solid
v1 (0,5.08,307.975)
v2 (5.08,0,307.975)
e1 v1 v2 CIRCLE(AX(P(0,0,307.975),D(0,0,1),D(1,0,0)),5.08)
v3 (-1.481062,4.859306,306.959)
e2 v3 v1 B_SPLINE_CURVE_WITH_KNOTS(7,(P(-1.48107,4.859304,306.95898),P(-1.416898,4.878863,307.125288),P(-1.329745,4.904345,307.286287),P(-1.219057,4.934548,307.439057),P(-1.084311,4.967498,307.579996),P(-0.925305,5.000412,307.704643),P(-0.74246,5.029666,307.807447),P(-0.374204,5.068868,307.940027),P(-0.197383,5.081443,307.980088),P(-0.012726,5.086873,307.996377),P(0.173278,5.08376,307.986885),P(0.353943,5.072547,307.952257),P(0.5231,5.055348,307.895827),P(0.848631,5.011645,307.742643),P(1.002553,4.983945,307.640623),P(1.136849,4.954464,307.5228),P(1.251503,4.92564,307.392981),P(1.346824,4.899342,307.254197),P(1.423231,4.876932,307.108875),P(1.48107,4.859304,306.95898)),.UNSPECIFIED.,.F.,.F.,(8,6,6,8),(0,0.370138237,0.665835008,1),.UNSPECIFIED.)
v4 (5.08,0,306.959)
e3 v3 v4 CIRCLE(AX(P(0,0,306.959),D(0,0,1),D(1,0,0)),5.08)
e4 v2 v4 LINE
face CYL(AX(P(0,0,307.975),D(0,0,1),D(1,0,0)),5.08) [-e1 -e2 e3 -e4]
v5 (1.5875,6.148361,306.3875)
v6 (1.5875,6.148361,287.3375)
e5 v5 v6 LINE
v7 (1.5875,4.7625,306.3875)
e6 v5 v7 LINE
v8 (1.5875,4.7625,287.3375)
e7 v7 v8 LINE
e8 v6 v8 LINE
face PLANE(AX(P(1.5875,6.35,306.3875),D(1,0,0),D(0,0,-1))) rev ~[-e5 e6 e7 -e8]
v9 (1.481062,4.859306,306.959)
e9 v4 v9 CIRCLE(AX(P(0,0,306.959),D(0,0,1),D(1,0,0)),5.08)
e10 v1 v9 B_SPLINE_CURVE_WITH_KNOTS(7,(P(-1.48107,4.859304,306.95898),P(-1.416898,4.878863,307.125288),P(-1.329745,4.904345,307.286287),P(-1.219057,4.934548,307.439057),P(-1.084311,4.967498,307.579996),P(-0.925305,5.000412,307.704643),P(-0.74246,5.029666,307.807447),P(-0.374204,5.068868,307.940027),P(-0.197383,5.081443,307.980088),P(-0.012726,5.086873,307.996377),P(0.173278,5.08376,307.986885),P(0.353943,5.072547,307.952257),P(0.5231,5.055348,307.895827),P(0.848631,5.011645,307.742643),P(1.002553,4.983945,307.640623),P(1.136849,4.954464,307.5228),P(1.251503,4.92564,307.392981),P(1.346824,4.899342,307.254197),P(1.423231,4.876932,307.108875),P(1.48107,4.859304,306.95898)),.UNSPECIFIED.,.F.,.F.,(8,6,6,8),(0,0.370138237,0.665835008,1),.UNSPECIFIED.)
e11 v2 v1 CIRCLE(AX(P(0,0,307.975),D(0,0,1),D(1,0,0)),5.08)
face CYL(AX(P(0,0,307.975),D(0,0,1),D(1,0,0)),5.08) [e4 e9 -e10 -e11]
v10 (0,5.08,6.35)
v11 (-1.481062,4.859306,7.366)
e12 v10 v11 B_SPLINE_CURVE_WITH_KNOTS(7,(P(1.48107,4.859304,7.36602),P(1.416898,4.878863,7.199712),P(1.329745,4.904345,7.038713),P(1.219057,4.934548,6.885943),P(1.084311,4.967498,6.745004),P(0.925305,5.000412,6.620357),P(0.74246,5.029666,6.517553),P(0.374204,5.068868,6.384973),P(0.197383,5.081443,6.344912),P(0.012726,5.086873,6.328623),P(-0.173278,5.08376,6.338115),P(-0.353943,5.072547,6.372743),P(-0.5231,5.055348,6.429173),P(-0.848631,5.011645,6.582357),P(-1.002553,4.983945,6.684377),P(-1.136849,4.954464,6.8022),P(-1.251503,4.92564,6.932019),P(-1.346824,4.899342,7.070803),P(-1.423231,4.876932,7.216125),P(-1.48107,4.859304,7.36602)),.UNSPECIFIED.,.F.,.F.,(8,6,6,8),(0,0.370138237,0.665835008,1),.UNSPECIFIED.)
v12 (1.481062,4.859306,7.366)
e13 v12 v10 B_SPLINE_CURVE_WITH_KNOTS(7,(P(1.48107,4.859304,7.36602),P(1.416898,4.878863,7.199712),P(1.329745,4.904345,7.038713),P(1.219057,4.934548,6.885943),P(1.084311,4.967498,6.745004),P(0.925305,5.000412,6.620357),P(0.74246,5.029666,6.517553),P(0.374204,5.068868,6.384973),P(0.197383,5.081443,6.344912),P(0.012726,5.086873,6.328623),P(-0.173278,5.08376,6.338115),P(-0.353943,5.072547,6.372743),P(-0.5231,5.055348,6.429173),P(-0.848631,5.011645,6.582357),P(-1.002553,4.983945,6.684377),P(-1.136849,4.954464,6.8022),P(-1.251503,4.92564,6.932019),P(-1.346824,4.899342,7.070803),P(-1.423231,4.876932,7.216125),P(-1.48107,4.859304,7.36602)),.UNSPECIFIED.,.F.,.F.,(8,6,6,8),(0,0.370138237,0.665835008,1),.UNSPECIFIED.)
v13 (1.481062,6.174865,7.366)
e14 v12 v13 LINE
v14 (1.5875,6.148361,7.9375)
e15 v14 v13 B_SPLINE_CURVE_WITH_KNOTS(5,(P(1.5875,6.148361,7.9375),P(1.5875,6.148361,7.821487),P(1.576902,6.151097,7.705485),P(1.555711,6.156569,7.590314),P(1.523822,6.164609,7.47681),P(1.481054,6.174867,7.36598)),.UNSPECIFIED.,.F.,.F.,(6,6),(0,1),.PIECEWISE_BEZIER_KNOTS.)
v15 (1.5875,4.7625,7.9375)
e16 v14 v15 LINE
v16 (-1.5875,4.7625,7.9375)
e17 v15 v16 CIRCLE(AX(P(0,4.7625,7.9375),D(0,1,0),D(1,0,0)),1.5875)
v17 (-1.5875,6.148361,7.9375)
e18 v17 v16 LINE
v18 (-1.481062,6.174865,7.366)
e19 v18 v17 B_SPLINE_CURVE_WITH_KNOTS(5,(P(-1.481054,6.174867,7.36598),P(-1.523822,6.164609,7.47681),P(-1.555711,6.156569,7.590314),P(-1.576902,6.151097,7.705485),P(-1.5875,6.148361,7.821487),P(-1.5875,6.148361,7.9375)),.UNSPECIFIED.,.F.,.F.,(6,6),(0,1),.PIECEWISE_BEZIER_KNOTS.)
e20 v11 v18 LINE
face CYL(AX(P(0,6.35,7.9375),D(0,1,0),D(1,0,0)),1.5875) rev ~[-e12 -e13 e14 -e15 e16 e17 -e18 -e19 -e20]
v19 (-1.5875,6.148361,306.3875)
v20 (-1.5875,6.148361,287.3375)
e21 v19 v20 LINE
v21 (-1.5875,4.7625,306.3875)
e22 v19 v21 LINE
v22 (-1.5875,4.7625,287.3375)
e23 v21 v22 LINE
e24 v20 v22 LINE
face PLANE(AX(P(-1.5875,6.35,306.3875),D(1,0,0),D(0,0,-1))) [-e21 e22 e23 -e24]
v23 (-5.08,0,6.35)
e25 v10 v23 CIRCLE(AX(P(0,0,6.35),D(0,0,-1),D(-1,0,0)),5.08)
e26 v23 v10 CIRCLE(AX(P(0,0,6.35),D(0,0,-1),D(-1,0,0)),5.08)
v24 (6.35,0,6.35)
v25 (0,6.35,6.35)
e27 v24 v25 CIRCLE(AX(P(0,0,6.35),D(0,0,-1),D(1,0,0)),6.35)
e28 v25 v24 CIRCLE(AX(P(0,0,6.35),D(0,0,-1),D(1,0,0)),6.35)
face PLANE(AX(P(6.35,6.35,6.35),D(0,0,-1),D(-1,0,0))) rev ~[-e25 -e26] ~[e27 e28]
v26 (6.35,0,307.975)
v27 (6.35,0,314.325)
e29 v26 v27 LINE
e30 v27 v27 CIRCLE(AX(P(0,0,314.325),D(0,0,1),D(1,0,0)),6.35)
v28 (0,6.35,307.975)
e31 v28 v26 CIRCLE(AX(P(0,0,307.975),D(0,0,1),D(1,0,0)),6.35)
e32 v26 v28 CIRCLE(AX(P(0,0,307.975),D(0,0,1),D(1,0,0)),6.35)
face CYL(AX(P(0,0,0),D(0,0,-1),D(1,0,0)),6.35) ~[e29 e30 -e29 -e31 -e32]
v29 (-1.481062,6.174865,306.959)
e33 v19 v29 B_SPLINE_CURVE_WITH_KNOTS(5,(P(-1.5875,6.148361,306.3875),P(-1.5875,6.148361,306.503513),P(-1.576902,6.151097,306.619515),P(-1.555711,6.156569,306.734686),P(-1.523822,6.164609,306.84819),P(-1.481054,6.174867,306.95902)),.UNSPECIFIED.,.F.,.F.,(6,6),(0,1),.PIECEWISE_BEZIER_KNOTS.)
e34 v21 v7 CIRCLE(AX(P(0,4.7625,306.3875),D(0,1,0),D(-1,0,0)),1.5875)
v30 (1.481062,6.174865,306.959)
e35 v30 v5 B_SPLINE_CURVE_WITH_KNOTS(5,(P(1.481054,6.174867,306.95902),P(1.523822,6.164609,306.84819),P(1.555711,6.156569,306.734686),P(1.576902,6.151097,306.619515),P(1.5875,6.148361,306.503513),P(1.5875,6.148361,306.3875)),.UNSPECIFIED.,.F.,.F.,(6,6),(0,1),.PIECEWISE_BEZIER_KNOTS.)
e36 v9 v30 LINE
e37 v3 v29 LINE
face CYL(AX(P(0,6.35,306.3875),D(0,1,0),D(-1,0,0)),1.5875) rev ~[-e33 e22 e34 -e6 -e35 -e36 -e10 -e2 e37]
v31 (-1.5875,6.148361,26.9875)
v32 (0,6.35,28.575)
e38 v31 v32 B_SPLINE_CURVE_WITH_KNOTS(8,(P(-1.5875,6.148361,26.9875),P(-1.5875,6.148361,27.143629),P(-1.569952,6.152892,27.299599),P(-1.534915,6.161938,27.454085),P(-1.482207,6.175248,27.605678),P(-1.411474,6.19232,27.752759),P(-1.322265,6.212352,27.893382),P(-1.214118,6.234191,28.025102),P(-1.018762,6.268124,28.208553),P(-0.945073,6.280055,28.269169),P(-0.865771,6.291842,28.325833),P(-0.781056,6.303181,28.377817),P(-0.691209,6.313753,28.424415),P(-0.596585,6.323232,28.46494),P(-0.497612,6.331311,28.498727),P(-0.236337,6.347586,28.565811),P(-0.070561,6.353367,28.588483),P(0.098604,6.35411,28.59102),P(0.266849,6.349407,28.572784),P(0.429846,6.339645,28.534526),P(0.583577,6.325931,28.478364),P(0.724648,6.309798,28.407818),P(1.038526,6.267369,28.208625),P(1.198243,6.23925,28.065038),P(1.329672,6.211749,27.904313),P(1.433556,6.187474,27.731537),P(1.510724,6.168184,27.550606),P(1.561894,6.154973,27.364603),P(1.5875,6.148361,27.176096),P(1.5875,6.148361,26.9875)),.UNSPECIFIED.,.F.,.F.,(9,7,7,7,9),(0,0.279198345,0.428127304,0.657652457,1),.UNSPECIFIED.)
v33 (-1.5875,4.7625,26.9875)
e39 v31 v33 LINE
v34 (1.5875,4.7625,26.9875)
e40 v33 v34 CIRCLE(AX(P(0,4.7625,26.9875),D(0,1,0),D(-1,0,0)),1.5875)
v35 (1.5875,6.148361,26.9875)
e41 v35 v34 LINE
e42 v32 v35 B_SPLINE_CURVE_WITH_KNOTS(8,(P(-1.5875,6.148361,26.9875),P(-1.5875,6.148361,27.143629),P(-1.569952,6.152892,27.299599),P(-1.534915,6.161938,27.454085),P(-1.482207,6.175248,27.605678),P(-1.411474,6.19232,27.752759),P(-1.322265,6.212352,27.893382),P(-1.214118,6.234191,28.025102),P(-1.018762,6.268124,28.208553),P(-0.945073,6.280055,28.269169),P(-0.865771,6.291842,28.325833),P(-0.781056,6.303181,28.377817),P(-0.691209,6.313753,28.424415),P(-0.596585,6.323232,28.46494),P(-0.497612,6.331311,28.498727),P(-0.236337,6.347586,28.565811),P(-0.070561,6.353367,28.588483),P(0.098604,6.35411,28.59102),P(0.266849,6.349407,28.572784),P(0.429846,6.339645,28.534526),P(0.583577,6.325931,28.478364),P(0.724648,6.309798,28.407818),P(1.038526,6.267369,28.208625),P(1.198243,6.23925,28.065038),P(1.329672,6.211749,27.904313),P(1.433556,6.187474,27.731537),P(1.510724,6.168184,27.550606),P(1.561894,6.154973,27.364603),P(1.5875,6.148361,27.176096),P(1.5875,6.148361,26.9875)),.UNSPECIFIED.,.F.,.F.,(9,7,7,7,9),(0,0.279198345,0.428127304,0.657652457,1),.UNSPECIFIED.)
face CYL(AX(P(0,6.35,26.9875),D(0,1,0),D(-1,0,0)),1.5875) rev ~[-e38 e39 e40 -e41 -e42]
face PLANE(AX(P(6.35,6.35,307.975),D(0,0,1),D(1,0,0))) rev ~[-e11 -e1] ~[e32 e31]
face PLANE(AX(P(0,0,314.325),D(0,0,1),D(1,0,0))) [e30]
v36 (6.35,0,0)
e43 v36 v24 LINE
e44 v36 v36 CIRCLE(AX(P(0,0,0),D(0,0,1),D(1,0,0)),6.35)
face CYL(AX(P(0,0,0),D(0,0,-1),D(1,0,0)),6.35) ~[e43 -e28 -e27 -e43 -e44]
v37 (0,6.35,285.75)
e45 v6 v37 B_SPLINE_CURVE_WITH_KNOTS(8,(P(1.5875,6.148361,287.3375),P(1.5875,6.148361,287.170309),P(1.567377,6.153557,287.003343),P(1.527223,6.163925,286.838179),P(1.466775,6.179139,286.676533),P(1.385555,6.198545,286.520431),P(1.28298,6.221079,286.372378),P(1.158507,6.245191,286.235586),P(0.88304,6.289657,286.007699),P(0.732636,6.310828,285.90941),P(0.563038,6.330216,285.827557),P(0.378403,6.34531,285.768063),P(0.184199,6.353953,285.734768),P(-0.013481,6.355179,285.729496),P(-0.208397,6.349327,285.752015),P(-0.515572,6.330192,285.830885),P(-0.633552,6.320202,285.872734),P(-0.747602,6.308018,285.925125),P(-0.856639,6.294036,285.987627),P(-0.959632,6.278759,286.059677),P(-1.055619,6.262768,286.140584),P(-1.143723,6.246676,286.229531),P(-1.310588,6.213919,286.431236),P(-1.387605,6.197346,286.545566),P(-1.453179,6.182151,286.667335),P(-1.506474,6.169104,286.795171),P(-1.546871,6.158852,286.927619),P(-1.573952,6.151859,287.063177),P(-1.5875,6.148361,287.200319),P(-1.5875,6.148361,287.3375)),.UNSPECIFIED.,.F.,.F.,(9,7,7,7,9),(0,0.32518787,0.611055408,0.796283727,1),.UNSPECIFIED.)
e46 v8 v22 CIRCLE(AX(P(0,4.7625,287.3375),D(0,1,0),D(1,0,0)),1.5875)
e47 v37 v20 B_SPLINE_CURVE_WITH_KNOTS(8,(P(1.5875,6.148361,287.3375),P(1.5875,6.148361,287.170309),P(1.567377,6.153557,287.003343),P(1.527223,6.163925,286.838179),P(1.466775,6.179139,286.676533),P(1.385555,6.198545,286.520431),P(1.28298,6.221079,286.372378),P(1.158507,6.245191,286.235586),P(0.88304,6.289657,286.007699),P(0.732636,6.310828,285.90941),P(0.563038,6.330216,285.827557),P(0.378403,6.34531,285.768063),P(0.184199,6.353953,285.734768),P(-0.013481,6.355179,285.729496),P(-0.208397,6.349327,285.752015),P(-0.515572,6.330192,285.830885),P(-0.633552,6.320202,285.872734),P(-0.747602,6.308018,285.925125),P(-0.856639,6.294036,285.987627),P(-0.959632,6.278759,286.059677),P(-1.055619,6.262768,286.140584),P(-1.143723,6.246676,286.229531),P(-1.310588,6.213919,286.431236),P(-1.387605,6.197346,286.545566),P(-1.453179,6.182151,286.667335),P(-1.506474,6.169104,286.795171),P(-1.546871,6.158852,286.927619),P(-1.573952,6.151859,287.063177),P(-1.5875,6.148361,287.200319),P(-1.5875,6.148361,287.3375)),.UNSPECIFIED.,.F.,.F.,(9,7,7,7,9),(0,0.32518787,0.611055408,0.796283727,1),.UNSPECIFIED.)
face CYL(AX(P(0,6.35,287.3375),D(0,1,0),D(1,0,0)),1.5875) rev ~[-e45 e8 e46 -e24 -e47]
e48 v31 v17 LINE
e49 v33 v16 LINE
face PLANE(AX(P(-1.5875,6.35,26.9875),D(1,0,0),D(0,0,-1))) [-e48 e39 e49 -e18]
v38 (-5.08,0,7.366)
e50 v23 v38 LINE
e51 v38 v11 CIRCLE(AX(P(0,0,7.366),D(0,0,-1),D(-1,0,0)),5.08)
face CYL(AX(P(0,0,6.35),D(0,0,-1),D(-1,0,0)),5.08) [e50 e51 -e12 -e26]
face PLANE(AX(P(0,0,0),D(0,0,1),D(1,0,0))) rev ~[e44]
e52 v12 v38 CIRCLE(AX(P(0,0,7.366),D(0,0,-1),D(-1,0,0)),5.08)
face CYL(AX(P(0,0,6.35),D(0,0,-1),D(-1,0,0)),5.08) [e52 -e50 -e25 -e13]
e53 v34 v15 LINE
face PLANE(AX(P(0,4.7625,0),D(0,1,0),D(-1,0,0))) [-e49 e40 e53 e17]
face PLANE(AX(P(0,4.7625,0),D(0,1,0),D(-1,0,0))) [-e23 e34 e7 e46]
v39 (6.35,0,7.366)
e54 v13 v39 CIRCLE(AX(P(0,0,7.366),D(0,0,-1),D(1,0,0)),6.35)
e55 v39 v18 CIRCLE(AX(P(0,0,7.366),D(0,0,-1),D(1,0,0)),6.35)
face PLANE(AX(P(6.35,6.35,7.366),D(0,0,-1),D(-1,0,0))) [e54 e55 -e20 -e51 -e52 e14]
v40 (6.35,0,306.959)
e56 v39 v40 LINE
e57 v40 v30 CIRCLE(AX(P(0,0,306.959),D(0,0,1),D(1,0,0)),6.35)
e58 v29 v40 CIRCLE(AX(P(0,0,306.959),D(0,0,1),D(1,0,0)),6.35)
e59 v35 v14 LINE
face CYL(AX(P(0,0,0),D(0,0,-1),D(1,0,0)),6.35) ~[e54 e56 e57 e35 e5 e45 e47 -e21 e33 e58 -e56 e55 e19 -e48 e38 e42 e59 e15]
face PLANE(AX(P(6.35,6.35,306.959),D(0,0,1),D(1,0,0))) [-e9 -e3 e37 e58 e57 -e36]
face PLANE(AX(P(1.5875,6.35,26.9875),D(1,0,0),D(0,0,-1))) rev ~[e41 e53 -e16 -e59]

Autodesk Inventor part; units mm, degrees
sketch "Sketch1" plane through (0, 0, 0) normal (0, 0, 1) x (1, 0, 0)
  circle A0 centre (0, 0) radius 6.35
  dimension "d0" = 12.7
extrude "Extrusion1" add sketch "Sketch1" along normal blind 314.325
ref_plane "Work Plane1" through (0, 6.35, 0) normal (0, 1, 0) x (-1, 0, 0)
sketch "Sketch2" plane through (0, 6.35, 0) normal (0, 1, 0) x (-1, 0, 0)
  line L0 (-6.35, 314.325) -> (6.35, 314.325) projected
  line L1 (-6.35, 0) -> (6.35, 0) projected
  line L2 (-6.35, 0) -> (-6.35, 314.325) projected
  line L3 (6.35, 0) -> (6.35, 314.325) projected
  line L4 (-6.35, 6.35) -> (6.35, 6.35)
  line L5 (-6.35, 307.975) -> (6.35, 307.975)
  arc A0 (1.5875, 306.3875) -> (-1.5875, 306.3875) centre (0, 306.3875) ccw
  line L6 (-1.5875, 306.3875) -> (-1.5875, 287.3375)
  line L7 (1.5875, 306.3875) -> (1.5875, 287.3375)
  arc A1 (-1.5875, 287.3375) -> (1.5875, 287.3375) centre (0, 287.3375) ccw
  arc A2 (1.5875, 26.9875) -> (-1.5875, 26.9875) centre (0, 26.9875) ccw
  line L8 (-1.5875, 26.9875) -> (-1.5875, 7.9375)
  line L9 (1.5875, 26.9875) -> (1.5875, 7.9375)
  arc A3 (-1.5875, 7.9375) -> (1.5875, 7.9375) centre (0, 7.9375) ccw
  point P0 (0, 0)
  dimension "d3" = 301.625
  dimension "d4" = 6.35
  dimension "d5" = 6.35
  dimension "d11" = 19.05
  dimension "d12" = 3.175
  dimension "d13" = 19.05
  dimension "d14" = 3.175
  dimension "d15" = 7.9375
  dimension "d16" = 279.4
  dimension "d17" = 6.35
ref_plane "Work Plane2" through (6.35, 6.35, 307.975) normal (0, 0, 1) x (1, 0, 0)
ref_plane "Work Plane3" through (6.35, 6.35, 6.35) normal (0, 0, -1) x (-1, 0, 0)
sketch "Sketch3" plane through (6.35, 6.35, 307.975) normal (0, 0, 1) x (1, 0, 0)
  circle A0 centre (-6.35, -6.35) radius 6.35 projected
  circle A1 centre (-6.35, -6.35) radius 5.08
  dimension "d6" = 10.16
extrude "Extrusion2" cut sketch "Sketch3" against normal blind 1.016
sketch "Sketch4" plane through (6.35, 6.35, 6.35) normal (0, 0, -1) x (-1, 0, 0)
  circle A0 centre (6.35, -6.35) radius 5.08 projected
  circle A1 centre (6.35, -6.35) radius 6.35 projected
extrude "Extrusion3" cut sketch "Sketch4" against normal blind 1.016
extrude "Extrusion4" cut sketch "Sketch2" against normal blind 1.5875 contours A3 L8 A2 L9 | A0 L7 A1 L6
equation "\"d4\" = d5"
properties part number "8 ball roller shaft"
